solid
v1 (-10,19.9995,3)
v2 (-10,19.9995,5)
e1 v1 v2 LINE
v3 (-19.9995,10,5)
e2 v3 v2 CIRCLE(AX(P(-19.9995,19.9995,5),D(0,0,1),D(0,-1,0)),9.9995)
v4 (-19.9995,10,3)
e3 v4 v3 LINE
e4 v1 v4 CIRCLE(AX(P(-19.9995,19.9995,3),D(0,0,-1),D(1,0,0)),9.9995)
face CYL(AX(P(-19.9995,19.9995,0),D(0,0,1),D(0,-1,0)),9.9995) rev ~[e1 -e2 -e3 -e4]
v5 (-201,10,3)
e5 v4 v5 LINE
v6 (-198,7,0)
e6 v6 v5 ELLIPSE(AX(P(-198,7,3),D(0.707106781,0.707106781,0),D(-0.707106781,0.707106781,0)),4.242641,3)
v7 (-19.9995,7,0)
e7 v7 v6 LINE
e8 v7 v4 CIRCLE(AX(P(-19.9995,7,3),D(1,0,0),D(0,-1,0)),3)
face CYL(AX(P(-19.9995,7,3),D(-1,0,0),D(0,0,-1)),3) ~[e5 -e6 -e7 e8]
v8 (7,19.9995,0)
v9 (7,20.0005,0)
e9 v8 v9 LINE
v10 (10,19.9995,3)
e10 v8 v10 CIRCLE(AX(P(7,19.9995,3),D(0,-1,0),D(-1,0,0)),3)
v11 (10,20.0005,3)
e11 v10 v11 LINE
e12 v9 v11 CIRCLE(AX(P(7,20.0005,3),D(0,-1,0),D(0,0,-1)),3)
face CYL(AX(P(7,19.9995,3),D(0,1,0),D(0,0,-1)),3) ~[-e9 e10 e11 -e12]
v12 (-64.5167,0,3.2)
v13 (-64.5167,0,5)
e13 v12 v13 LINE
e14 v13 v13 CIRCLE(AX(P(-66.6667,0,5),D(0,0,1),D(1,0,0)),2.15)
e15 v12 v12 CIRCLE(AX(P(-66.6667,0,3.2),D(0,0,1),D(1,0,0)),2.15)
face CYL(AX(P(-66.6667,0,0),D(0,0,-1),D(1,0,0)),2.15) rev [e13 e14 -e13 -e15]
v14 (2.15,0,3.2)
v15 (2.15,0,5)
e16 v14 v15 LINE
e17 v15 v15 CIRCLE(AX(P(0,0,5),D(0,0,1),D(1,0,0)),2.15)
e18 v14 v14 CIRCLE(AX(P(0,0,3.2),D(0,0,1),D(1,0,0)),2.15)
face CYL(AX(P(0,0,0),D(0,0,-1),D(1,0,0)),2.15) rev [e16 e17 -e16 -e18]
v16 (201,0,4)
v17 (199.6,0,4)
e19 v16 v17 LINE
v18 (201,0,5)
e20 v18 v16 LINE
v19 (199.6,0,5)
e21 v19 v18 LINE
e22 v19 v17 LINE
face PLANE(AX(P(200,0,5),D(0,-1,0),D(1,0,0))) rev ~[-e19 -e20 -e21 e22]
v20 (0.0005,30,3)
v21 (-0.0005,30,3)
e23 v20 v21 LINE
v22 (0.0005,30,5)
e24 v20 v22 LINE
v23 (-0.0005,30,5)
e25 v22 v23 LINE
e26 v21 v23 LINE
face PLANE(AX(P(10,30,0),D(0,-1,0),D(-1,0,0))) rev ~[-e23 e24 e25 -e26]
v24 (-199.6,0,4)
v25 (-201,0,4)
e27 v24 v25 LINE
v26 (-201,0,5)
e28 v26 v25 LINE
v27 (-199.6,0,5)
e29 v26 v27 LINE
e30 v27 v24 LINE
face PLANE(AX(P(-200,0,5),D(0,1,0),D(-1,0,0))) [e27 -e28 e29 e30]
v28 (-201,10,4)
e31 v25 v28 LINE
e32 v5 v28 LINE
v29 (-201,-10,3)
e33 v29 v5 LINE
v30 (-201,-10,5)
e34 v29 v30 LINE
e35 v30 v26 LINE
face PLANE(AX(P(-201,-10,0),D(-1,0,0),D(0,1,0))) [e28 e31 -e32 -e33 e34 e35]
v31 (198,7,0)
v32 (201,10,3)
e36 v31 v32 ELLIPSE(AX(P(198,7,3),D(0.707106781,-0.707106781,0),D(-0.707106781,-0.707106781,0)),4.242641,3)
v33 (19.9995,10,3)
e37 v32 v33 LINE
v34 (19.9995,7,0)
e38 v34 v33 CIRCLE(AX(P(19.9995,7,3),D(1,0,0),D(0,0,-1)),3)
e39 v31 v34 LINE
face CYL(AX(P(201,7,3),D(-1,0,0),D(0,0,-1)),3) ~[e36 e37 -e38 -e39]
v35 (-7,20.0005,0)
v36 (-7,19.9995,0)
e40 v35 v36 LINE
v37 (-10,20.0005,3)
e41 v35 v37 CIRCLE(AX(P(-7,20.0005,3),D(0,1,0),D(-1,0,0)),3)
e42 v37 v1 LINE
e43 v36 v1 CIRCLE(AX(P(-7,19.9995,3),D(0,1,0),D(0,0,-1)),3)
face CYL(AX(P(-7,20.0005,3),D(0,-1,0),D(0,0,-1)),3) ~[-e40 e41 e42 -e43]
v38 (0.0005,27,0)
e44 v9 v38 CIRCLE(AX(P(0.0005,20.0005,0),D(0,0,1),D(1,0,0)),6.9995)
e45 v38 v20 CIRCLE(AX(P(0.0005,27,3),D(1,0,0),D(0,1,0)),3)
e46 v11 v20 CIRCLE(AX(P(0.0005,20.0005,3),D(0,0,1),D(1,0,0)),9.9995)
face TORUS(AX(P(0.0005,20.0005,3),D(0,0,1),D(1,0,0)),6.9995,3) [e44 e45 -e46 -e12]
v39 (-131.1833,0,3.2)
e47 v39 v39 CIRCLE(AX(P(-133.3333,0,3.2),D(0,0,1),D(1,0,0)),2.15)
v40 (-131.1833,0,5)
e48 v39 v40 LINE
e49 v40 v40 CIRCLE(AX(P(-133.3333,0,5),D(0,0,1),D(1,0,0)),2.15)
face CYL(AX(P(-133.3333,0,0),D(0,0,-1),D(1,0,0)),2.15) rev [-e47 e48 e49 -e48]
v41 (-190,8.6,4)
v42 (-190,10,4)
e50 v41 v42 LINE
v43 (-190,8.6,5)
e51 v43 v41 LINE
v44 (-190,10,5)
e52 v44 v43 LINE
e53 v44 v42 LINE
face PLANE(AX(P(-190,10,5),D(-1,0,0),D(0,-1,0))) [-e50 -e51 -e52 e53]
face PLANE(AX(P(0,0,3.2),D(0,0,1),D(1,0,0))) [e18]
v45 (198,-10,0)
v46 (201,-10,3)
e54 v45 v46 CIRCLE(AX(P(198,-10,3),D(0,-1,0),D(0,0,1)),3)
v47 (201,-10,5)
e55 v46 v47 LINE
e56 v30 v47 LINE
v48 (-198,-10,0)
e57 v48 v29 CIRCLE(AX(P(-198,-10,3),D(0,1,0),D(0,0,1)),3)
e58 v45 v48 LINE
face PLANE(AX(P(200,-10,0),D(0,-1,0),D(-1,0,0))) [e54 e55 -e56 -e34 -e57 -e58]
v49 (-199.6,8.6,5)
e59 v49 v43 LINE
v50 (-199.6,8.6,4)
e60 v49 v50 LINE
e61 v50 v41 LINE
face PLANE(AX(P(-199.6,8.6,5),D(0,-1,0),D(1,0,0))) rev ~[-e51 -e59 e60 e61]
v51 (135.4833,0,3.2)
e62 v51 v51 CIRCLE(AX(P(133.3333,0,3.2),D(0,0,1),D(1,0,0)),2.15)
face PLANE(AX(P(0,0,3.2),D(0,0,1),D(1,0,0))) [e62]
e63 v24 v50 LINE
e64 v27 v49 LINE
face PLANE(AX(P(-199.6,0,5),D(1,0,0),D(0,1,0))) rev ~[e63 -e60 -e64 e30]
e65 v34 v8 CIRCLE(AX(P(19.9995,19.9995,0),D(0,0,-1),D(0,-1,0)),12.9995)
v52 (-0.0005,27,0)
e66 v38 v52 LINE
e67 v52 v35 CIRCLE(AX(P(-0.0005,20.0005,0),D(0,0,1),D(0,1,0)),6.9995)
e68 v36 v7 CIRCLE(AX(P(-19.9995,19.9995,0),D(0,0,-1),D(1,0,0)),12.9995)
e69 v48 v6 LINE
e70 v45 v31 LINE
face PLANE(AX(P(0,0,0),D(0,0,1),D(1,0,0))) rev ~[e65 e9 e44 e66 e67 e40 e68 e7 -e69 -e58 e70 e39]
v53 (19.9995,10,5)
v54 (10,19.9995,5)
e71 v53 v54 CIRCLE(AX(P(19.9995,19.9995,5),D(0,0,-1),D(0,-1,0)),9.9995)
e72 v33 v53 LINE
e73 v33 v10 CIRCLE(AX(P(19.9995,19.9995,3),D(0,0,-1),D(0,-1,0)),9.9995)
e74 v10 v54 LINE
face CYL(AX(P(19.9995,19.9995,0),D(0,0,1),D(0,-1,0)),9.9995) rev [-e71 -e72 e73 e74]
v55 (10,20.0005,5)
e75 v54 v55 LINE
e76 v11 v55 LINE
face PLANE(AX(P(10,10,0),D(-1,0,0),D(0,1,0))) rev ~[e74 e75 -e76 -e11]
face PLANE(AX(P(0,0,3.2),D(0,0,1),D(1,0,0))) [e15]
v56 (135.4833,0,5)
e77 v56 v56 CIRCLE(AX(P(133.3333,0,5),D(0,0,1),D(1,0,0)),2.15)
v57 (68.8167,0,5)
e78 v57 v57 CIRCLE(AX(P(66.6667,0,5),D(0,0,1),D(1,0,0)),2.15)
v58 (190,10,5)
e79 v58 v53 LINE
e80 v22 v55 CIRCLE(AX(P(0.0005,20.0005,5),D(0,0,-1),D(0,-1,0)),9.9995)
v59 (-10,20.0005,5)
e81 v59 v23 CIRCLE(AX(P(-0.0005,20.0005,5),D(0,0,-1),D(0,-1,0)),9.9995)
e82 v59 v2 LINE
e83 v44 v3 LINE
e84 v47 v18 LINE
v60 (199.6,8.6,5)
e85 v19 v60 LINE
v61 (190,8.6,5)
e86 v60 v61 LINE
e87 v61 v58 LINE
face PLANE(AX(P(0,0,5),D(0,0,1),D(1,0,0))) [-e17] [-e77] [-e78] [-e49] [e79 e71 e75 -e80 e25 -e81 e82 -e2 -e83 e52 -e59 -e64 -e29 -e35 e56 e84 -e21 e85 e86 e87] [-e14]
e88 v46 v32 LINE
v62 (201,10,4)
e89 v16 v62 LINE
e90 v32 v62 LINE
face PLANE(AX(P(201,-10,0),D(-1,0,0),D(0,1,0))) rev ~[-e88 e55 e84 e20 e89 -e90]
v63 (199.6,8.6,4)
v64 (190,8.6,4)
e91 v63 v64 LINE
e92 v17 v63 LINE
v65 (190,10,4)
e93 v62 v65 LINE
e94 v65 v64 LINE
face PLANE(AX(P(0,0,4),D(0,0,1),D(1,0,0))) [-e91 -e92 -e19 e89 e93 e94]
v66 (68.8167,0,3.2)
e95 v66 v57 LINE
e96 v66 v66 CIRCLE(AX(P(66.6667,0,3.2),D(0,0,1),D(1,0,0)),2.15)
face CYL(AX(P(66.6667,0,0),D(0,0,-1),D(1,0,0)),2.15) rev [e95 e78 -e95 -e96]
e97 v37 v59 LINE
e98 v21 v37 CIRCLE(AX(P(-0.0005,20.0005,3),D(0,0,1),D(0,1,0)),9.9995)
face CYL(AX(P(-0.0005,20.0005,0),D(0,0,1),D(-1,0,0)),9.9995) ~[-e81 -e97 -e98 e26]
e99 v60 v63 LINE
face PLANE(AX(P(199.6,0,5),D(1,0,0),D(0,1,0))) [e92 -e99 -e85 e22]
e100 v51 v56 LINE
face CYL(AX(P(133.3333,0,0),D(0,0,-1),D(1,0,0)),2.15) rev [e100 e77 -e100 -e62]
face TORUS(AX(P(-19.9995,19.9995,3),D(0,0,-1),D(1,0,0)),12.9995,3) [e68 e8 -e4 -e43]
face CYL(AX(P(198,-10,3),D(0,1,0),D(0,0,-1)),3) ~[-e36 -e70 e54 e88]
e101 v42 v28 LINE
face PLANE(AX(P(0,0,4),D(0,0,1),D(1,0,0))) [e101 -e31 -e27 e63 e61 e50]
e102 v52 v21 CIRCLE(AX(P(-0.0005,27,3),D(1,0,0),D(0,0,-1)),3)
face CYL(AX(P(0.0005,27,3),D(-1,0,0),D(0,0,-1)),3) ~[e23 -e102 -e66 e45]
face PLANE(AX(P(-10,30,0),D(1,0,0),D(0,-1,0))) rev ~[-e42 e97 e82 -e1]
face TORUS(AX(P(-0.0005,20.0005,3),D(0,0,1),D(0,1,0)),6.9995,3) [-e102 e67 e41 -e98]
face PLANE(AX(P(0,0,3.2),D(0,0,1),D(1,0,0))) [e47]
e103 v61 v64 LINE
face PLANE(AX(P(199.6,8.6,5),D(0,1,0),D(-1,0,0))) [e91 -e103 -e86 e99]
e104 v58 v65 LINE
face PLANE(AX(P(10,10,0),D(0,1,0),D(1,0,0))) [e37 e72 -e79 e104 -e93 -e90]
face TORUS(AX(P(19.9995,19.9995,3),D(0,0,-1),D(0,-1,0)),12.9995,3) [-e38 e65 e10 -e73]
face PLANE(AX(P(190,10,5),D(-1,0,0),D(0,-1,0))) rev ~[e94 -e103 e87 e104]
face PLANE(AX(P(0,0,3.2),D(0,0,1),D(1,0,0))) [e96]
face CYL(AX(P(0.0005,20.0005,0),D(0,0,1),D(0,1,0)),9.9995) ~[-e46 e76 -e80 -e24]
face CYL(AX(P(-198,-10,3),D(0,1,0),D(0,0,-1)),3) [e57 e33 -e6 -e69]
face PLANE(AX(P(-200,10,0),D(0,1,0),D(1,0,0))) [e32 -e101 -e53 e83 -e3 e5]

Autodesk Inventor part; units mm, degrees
ref_plane "YZ Plane" through (0, 0, 0) normal (1, 0, 0) x (0, 1, 0)
ref_plane "XZ Plane" through (0, 0, 0) normal (0, 1, 0) x (-1, 0, 0)
ref_plane "XY Plane" through (0, 0, 0) normal (0, 0, 1) x (1, 0, 0)
sketch "Sketch1" plane through (0, 0, 0) normal (0, 0, 1) x (1, 0, 0)
  line L0 (-200, 10) -> (200, 10)
  line L1 (200, 10) -> (200, -10)
  line L2 (200, -10) -> (-200, -10)
  line L3 (-200, -10) -> (-200, 10)
  circle A0 centre (-133.3333, 0) radius 2.15
  circle A1 centre (-66.6667, 0) radius 2.15
  circle A2 centre (0, 0) radius 2.15
  circle A3 centre (66.6667, 0) radius 2.15
  circle A4 centre (133.3333, 0) radius 2.15
  line L4 (-10, 10) -> (10, 10)
  line L5 (10, 10) -> (10, 30)
  line L6 (10, 30) -> (-10, 30)
  line L7 (-10, 30) -> (-10, 10)
  line L8 (-200, -10) -> (-201, -10)
  line L9 (-201, -10) -> (-201, 10)
  line L10 (-201, 10) -> (-200, 10)
  line L11 (-200, 10) -> (-200, -10)
  line L12 (200, -10) -> (201, -10)
  line L13 (201, -10) -> (201, 10)
  line L14 (201, 10) -> (200, 10)
  line L15 (200, 10) -> (200, -10)
  point P0 (0, 0)
  point P1 (0, 10)
  point P2 (200, 0)
  point P3 (-200, 0)
  point P4 (0, 30)
  dimension "d0" = 400
  dimension "d1" = 20
  dimension "d2" = 4.3
  dimension "d3" = 66.6667
  dimension "d6" = 66.6667
  dimension "d21" = 20
  dimension "d22" = 20
  dimension "d45" = 1
  dimension "d46" = 1
extrude "Extrusion1" add sketch "Sketch1" along normal blind 5
fillet "Fillet1" radius 10 4 edges at (10, 10, 2.5) (10, 30, 2.5) (-10, 10, 2.5) (-10, 30, 2.5)
extrude "Extrusion2" add sketch "Sketch1" along normal blind 3.2 contours A0 | A1 | A2 | A3 | A4
sketch "Sketch3" plane through (-190, 10, 0) normal (0, 1, 0) x (1, 0, 0)
  line L0 (190, 0) -> (190, -5)
  line L1 (390, -5) -> (210, -5) projected
  circle A0 centre (190, -2.5) radius 2
  line L2 (190.5, -4.5) -> (189.5, -4.5)
  line L3 (189.5, -4.5) -> (189.5, -0.5)
  line L4 (189.5, -0.5) -> (190.5, -0.5)
  line L5 (190.5, -0.5) -> (190.5, -4.5)
  point P0 (380, -5)
  point P1 (0, -5)
  point P2 (190, -4.5)
  point P3 (189.5, -2.5)
  point P4 (190.5, -0.5635)
  point P5 (190.5, -4.4365)
  dimension "d18" = 4
  dimension "d19" = 1
revolve "Revolution2" [suppressed]
sketch "Sketch4" plane through (0, 0, 0) normal (0, 0, -1) x (-1, 0, 0)
  arc A0 (10, 20) -> (-10, 20) centre (0, 20) ccw projected
  circle A1 centre (0, 20) radius 6
  line L0 (-6, 20) -> (6, 20)
  line L1 (6, 20) -> (6, 5)
  line L2 (6, 5) -> (-6, 5)
  line L3 (-6, 5) -> (-6, 13.2336)
  line L4 (-6, 20) -> (-4, 20)
  line L5 (-4, 20) -> (-4, 17.7057)
  line L6 (-6, 16.9596) -> (-6, 20)
  line L7 (0, 5) -> (0, 6)
  circle A2 centre (0, 11) radius 6
  arc A3 (-5, 15.4697) -> (-4, 17.7057) centre (-7, 17.7057) ccw
  arc A4 (-5, 15.4697) -> (-6, 13.2336) centre (-3, 13.2336) ccw
  line L8 (-6, 13.2336) -> (-6, 16.9596)
  line L9 (4, 20) -> (4, 17.7057)
  arc A5 (4, 17.7057) -> (5, 15.4697) centre (7, 17.7057) ccw
  arc A6 (6, 13.2336) -> (5, 15.4697) centre (3, 13.2336) ccw
  circle A7 centre (0, 20) radius 4
  point P0 (0, 0)
  point P1 (-4, 15)
  point P2 (6, 13.2336)
  point P3 (-6, 18.4798)
  point P4 (4.5061, 16.0383)
  point P5 (-4.5061, 16.0383)
  dimension "d36" = 8
  dimension "d38" = 2
  dimension "d25" = 15
  dimension "d27" = 2.8
  dimension "d28" = 5
  dimension "d30" = 3
  dimension "d39" = 12
extrude "Extrusion3" [suppressed]
extrude "Extrusion4" add sketch "Sketch4" against normal blind 1 contours L0 A7 A1 | L1 A6 A5 A1 | A1 A5 L9 L0 | L0 L5 A3 A1 | A1 A3 A4 L8 L6
ref_plane "Work Plane1" through (-4, 17.7057, 0) normal (0, -1, 0) x (1, 0, 0)
sketch "Sketch5" plane through (-4, 17.7057, 0) normal (0, -1, 0) x (1, 0, 0)
  line L0 (8, 1) -> (10, 3)
  line L1 (8, 1) -> (10.8284, 1) construction
  line L2 (10, 3) -> (10, 1)
  line L3 (10, 1) -> (8, 1)
  point P0 (4, 0)
  dimension "d40" = 45
sketch "Sketch6" plane through (0, 0, 0) normal (0, 0, -1) x (-1, 0, 0)
  line L0 (-4, 17.7057) -> (-4, 20) projected
  arc A0 (4, 20) -> (-4, 20) centre (0, 20) ccw projected
  line L1 (4, 20) -> (4, 17.7057) projected
  point P0 (0, 0)
sweep "Sweep1" [suppressed]
fillet "Fillet2" [suppressed]
fillet "Fillet3" radius 3 5 edges at (-10, 20, 0) (10, 20, 0) (7.0712, 27.0712, 0) (201, 0, 0) (-201, 0, 0)
sketch "Sketch7" plane through (0, 0, 5) normal (0, 0, 1) x (1, 0, 0)
  line L0 (-20, 10) -> (-201, 10) projected
  line L1 (-201, 10) -> (-200, 10)
  line L2 (-200, 10) -> (-200, 0)
  line L3 (-200, 0) -> (-201, 0)
  line L4 (-201, 0) -> (-201, 10)
  line L5 (-200, 10) -> (-190, 10)
  line L6 (-190, 10) -> (-190, 9)
  line L7 (-190, 9) -> (-200, 9)
  line L8 (-200, 9) -> (-200, 10)
  line L9 (0, 0) -> (0, 1.5374)
  line L10 (20, 10) -> (201, 10)
  line L11 (201, 10) -> (200, 10)
  line L12 (200, 10) -> (200, 0)
  line L13 (200, 0) -> (201, 0)
  line L14 (201, 0) -> (201, 10)
  line L15 (200, 10) -> (190, 10)
  line L16 (190, 10) -> (190, 9)
  line L17 (190, 9) -> (200, 9)
  line L18 (200, 9) -> (200, 10)
  line L19 (-200, 0) -> (-199.6, 0)
  line L20 (-199.6, 0) -> (-199.6, 9)
  line L21 (-199.6, 9) -> (-200, 9)
  line L22 (-200, 9) -> (-200, 0)
  line L23 (-190, 9) -> (-200, 9)
  line L24 (-200, 9) -> (-200, 8.6)
  line L25 (-200, 8.6) -> (-190, 8.6)
  line L26 (-190, 8.6) -> (-190, 9)
  line L27 (190, 9) -> (200, 9)
  line L28 (200, 9) -> (200, 8.6)
  line L29 (200, 8.6) -> (190, 8.6)
  line L30 (190, 8.6) -> (190, 9)
  line L31 (200, 0) -> (199.6, 0)
  line L32 (199.6, 0) -> (199.6, 8.6)
  line L33 (199.6, 8.6) -> (200, 8.6)
  line L34 (200, 8.6) -> (200, 0)
  point P0 (-199.6, 8.6)
  dimension "d47" = 1
  dimension "d48" = 10
  dimension "d49" = 10
  dimension "d50" = 1
  dimension "d53" = 0.4
  dimension "d54" = 0.4
  dimension "d55" = 0.4
  dimension "d56" = 0.4
extrude "Extrusion5" cut sketch "Sketch7" against normal blind 1
equation "\"d0\" = dolzina_drzala"
equation "\"d1\" = sirina_drzala"
equation "\"d2\" = fi_magneta + 2 * toleranca"
equation "\"d6\" = d3"
equation "\"d11\" = debelina_drzala"
equation "\"d14\" = -globina_luknje + debelina_drzala - toleranca"
equation "\"d27\" = -0.5 * d23 + 0.5 * d24"
equation "\"d39\" = d36 + 2 * d38"
equation "\"fi_magneta\" = 3.7"
equation "\"toleranca\" = 0.3"
equation "\"dolzina_drzala\" = 400"
equation "\"sirina_drzala\" = 20"
equation "\"debelina_drzala\" = 5"
equation "\"globina_luknje\" = 1.5"
equation "\"d23\" = 4.4"
equation "\"d24\" = 10"
properties part number "drzalo_za_poster_40x60_top"
